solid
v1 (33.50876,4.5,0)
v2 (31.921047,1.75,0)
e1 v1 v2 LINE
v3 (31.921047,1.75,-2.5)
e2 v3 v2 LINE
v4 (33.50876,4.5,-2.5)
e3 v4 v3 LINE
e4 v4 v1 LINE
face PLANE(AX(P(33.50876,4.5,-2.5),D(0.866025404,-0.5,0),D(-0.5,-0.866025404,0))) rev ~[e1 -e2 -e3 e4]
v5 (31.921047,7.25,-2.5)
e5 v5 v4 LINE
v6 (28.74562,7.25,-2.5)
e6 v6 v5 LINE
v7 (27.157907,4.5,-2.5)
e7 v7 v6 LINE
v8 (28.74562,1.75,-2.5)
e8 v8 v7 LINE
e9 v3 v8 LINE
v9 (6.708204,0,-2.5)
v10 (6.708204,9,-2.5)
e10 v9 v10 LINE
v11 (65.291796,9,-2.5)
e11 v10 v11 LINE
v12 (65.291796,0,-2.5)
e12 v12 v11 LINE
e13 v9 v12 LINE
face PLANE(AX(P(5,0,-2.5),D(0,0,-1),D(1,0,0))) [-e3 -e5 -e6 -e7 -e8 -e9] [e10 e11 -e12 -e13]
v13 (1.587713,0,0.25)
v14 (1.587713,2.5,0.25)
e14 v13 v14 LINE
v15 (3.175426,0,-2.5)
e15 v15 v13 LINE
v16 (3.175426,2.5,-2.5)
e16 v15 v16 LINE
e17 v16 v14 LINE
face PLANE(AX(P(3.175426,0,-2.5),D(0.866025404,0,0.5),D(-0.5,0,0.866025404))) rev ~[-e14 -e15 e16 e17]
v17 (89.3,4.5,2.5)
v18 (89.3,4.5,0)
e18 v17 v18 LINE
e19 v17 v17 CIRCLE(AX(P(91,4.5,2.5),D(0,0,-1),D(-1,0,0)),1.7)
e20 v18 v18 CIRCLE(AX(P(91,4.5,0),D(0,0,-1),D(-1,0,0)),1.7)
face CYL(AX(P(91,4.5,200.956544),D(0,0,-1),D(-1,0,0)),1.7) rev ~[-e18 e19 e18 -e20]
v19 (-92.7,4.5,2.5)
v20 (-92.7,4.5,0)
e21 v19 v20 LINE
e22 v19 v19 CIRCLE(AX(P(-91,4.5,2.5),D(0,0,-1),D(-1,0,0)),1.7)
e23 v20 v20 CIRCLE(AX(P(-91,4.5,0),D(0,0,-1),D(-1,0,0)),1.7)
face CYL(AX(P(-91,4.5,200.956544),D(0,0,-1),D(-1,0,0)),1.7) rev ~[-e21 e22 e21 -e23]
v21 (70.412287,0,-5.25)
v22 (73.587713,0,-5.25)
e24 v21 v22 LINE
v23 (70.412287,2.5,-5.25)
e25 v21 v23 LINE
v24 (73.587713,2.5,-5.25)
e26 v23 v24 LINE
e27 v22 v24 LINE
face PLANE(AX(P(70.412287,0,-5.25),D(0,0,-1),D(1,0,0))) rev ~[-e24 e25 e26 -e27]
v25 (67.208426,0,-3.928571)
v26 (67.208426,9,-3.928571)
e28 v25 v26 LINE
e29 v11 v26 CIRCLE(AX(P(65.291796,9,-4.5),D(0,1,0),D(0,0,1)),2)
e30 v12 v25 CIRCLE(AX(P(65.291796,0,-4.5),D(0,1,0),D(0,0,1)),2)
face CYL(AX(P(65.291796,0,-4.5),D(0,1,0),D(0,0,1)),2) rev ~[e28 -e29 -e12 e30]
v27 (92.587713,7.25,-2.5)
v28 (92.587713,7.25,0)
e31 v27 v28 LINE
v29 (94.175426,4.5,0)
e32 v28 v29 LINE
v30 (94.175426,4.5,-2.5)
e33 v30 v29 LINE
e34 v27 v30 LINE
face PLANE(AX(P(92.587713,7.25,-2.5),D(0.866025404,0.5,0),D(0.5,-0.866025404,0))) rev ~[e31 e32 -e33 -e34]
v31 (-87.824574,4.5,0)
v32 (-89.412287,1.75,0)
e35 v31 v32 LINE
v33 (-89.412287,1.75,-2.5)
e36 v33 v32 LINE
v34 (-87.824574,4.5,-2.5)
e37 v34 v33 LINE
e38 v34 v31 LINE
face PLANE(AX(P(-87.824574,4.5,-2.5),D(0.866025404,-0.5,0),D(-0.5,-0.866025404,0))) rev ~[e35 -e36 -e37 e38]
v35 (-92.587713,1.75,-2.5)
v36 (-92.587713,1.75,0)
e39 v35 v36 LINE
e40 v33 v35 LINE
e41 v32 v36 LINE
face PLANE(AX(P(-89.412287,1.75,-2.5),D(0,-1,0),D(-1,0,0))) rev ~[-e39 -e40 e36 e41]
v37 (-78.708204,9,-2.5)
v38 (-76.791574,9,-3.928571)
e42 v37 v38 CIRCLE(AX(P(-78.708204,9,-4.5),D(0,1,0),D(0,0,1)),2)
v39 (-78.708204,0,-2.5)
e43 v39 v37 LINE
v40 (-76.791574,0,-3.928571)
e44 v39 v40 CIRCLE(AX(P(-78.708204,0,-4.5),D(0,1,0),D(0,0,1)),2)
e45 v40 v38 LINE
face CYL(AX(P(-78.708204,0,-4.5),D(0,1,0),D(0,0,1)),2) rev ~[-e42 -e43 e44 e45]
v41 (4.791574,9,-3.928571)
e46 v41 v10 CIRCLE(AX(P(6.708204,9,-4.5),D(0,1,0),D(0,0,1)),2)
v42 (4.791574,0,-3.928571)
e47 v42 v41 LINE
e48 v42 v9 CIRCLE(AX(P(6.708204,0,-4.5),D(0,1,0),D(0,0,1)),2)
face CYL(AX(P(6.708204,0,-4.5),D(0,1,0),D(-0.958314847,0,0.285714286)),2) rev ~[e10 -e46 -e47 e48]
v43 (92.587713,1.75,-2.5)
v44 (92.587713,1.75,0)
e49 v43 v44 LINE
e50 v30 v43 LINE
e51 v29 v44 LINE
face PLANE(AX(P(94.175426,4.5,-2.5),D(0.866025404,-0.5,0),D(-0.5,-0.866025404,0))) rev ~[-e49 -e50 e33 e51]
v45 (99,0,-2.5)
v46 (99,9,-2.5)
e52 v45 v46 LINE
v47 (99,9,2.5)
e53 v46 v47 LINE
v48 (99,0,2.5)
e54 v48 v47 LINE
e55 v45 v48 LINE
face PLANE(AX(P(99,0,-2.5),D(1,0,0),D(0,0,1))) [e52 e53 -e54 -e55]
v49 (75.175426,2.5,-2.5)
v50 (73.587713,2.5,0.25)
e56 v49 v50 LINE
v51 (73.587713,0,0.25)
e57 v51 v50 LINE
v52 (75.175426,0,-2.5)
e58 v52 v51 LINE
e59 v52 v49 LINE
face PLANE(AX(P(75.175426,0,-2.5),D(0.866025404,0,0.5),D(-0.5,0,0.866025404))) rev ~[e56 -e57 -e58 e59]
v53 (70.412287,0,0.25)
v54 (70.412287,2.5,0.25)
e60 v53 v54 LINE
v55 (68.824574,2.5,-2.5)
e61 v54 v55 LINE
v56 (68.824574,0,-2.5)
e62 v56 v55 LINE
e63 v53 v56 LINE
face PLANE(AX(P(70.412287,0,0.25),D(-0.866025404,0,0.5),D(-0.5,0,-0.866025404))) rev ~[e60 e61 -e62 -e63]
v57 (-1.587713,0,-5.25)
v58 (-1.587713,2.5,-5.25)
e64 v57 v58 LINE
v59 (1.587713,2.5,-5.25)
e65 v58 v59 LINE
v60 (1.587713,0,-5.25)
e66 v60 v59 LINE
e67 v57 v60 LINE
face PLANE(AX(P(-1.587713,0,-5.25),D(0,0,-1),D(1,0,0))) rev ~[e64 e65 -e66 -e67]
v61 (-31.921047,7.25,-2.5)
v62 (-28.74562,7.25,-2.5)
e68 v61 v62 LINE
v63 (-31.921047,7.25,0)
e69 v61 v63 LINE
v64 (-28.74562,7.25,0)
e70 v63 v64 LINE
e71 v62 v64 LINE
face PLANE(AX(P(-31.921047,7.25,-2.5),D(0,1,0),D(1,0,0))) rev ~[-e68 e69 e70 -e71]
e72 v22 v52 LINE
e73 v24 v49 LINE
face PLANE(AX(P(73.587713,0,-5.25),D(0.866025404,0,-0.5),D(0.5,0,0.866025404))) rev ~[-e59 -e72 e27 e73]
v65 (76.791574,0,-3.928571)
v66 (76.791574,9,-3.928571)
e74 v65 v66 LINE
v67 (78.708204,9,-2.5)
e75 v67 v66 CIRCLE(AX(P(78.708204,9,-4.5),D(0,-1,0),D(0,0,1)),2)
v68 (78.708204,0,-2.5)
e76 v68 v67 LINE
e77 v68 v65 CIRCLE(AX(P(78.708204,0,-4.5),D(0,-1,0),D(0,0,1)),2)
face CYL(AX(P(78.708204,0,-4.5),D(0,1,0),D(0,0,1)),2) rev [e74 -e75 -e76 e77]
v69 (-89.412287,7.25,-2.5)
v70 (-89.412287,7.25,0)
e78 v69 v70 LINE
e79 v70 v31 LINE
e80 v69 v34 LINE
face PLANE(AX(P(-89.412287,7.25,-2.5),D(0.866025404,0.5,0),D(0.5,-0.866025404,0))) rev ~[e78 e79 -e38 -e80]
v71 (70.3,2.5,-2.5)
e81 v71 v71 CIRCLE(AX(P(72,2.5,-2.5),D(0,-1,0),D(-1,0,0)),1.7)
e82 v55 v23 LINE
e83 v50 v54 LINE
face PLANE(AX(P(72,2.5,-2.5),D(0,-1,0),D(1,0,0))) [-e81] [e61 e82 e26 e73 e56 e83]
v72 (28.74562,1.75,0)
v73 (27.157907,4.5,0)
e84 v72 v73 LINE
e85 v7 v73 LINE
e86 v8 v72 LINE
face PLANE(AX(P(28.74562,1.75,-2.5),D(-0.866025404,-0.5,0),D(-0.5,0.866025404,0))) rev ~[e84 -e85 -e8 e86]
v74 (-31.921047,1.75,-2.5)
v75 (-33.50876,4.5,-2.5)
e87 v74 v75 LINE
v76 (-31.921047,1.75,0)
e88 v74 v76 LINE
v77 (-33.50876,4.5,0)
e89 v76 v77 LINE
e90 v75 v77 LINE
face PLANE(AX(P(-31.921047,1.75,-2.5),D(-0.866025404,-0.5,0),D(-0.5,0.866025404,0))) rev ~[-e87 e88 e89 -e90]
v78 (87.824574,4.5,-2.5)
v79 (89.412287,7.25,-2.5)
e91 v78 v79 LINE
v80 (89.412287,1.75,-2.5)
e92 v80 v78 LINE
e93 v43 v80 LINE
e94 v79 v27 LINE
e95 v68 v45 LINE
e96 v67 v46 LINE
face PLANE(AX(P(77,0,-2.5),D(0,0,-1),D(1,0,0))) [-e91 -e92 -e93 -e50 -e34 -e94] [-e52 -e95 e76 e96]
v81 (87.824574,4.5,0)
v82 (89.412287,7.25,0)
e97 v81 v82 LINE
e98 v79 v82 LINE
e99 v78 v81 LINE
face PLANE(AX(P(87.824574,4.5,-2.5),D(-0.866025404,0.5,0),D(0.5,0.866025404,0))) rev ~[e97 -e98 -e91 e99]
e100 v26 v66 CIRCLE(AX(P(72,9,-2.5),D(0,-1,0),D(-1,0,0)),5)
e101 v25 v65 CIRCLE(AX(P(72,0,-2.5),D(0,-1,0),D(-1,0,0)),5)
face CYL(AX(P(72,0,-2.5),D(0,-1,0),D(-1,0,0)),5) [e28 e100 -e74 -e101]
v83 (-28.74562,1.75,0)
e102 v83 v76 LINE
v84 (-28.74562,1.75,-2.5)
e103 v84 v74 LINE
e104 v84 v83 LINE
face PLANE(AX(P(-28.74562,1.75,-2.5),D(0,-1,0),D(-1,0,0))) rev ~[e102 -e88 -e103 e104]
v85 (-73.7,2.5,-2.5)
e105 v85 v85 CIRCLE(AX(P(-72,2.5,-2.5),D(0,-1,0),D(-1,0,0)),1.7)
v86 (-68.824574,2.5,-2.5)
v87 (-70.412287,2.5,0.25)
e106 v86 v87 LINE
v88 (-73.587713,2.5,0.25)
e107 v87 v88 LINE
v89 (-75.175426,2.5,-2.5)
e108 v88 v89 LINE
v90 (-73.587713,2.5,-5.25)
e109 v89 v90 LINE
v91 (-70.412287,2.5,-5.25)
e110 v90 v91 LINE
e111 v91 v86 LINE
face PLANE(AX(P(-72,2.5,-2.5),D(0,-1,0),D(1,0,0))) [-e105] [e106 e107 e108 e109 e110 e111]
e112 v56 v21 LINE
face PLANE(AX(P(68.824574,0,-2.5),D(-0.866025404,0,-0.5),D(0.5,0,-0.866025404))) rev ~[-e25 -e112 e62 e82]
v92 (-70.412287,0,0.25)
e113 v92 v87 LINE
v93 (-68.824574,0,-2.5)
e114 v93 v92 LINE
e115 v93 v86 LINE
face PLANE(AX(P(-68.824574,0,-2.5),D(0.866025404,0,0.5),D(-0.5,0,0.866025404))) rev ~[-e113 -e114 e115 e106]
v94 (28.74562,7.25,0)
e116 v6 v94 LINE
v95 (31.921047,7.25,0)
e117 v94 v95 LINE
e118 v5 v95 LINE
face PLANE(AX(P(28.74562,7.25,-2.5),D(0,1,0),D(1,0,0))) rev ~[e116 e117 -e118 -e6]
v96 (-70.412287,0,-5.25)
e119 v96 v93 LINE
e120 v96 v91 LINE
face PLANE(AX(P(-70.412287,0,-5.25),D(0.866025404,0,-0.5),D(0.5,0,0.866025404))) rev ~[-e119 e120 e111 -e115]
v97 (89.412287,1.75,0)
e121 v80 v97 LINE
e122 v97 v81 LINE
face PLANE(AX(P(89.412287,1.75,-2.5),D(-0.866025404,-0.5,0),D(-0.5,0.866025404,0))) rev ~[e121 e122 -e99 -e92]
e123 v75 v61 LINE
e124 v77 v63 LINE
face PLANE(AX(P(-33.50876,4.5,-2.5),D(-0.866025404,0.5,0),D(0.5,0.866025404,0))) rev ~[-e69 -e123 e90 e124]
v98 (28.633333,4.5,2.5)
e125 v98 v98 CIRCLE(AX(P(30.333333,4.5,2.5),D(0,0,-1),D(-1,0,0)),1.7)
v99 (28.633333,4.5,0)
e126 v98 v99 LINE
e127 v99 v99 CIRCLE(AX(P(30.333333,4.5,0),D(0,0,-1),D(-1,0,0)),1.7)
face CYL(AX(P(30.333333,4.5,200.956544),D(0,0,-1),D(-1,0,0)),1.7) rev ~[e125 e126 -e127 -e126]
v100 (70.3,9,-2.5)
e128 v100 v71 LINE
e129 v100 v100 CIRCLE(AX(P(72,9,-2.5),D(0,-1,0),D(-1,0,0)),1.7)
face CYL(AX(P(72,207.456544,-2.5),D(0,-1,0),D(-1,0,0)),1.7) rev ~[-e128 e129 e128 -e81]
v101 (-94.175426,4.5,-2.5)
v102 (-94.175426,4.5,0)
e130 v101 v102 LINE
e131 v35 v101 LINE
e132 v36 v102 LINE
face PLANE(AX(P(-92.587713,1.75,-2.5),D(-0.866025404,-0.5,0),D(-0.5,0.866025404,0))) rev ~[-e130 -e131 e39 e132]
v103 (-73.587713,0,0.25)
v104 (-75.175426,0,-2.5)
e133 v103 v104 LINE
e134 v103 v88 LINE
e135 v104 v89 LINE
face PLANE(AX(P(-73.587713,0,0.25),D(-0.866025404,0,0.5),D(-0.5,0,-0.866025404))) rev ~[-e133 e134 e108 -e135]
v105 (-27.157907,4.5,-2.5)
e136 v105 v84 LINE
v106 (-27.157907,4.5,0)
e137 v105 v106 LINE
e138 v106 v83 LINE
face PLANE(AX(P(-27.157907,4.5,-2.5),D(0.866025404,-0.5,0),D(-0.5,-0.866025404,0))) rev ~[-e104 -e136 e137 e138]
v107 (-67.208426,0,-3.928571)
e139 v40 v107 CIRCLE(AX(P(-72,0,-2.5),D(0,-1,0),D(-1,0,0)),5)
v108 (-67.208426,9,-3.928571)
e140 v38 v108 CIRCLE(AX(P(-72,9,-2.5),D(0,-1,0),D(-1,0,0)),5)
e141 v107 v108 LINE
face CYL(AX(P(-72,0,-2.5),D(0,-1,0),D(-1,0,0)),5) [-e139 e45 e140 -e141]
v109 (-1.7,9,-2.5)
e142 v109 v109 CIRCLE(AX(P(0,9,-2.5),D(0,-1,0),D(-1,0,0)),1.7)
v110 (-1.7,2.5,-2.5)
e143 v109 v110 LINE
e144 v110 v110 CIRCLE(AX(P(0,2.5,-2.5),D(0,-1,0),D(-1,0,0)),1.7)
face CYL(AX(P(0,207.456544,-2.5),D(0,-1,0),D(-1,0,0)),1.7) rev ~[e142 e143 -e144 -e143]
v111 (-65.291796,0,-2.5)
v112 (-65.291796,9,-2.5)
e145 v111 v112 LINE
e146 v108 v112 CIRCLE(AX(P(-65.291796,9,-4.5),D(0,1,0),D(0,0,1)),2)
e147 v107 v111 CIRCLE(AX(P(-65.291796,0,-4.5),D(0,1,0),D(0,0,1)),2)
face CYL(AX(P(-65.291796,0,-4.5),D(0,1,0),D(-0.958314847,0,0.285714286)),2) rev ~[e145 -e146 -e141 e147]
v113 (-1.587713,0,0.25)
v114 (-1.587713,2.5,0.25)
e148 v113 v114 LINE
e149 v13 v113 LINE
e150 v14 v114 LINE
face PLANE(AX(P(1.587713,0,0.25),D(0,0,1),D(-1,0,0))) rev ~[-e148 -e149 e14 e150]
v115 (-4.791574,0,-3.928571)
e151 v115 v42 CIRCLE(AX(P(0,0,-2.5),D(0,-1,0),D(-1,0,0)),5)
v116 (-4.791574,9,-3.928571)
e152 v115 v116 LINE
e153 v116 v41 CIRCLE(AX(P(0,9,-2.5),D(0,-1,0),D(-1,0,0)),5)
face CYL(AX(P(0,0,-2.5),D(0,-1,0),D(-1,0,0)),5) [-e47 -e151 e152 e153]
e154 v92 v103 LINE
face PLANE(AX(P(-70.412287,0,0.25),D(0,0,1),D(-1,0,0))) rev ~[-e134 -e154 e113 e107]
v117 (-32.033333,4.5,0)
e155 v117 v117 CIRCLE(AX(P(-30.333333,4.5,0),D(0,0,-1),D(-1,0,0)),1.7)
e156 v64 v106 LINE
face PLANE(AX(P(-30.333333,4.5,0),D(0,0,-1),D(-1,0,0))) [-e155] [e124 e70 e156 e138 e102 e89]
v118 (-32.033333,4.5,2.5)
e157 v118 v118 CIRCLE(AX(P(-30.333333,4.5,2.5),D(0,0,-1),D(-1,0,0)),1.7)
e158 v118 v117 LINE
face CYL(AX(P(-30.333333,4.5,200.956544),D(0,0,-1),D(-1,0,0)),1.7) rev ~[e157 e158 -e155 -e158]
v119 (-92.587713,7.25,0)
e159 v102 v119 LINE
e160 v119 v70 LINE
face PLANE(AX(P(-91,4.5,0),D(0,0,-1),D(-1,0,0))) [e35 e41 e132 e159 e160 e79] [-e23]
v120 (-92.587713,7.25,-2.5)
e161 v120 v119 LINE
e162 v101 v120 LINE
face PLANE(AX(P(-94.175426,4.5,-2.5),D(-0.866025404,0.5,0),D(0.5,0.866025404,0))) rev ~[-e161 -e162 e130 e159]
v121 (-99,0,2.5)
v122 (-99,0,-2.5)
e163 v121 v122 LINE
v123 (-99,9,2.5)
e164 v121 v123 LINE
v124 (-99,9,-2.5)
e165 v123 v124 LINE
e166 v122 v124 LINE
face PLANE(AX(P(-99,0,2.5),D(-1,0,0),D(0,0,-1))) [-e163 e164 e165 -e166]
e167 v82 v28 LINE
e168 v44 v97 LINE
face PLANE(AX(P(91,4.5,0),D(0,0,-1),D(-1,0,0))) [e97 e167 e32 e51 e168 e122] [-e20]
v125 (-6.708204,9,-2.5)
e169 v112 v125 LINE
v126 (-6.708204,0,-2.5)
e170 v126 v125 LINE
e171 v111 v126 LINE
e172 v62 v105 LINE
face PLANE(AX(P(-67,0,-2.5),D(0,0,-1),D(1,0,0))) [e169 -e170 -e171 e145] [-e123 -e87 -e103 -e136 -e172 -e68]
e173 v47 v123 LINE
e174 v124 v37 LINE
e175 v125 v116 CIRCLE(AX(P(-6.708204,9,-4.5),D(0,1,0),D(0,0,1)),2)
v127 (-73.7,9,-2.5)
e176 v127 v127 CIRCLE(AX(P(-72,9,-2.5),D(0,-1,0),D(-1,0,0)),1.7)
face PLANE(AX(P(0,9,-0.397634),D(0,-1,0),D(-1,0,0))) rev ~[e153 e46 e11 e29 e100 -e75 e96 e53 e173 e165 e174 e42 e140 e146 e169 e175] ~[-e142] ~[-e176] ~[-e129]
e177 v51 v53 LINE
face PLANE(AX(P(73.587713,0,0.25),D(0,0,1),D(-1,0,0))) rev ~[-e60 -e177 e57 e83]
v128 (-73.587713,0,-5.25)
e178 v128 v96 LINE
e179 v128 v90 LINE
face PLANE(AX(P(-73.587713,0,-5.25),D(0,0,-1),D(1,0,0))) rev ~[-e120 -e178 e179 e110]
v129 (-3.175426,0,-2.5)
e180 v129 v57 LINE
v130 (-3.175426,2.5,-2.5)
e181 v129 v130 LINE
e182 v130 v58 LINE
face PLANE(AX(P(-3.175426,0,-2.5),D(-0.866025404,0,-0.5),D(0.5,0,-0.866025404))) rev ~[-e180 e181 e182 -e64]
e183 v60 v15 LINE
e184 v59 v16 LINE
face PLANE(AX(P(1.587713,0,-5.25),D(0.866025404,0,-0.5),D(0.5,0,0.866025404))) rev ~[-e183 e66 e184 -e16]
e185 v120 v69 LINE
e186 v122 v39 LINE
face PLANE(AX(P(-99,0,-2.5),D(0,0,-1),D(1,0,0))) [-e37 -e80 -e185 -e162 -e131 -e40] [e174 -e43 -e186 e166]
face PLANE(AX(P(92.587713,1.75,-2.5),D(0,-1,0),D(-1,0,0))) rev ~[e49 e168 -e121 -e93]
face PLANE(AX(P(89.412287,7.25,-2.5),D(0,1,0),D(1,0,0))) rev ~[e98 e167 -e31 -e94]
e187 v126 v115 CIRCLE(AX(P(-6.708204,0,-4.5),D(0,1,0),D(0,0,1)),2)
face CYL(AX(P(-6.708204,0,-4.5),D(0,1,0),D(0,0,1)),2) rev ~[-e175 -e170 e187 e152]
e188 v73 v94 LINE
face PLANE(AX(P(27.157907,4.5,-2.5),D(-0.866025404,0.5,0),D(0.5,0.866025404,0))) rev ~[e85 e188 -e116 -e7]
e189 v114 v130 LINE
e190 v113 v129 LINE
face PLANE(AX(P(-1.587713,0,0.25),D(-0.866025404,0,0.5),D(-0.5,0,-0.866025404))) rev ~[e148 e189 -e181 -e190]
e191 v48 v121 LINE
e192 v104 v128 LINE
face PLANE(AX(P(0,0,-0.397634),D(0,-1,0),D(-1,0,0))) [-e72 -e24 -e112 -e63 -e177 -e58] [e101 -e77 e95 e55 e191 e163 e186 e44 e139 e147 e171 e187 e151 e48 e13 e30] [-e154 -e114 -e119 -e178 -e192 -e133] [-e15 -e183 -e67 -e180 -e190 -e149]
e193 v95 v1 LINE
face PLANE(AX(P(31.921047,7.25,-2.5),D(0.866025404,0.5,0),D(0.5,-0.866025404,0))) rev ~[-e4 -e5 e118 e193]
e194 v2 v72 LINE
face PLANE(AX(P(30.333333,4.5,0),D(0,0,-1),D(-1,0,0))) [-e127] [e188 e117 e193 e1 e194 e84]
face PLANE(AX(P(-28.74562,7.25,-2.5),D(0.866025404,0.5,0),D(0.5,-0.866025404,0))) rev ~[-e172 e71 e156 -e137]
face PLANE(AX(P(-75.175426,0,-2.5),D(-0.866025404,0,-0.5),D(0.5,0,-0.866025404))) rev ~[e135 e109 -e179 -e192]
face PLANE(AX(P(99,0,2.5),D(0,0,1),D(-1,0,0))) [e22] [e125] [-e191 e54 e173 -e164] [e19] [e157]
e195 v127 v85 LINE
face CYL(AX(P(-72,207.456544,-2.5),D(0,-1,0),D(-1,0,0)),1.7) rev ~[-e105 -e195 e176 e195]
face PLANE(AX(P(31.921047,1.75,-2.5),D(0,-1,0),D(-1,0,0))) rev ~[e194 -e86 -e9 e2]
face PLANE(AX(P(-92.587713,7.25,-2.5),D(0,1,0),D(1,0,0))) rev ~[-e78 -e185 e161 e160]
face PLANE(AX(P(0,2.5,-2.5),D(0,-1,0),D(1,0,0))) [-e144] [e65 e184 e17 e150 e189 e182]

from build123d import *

# Parameters (mm, degrees)
BOSS_EXTRU_1_DEPTH      = 9
D_GAGEMENT_M31_D        = 3.4
ENL_V_MAT_EXTRU_1_DEPTH = 2.5
D_GAGEMENT_M32_D        = 3.4
ENL_V_MAT_EXTRU_2_DEPTH = 2.5
CONG_1_R                = 2


with BuildPart() as part:
    # Esquisse1 → Boss.-Extru.1 (new body)
    with BuildSketch(Plane(origin=(0, 0, 0), x_dir=(1, 0, 0), z_dir=(0, 1, 0))):
        with BuildLine():
            Line((-99, 2.5), (-77, 2.5))
            ThreePointArc((-77, 2.5), (-72, 7.5), (-67, 2.5))
            Line((-67, 2.5), (-5, 2.5))
            ThreePointArc((-5, 2.5), (0, 7.5), (5, 2.5))
            Line((5, 2.5), (67, 2.5))
            ThreePointArc((67, 2.5), (72, 7.5), (77, 2.5))
            Line((77, 2.5), (99, 2.5))
            Line((99, 2.5), (99, -2.5))
            Line((99, -2.5), (-99, -2.5))
            Line((-99, -2.5), (-99, 2.5))
        make_face()
    extrude(amount=BOSS_EXTRU_1_DEPTH)

    # Dégagement M31 (through all)
    with Locations(Plane(origin=(0, 9, 0), x_dir=(1, 0, 0), z_dir=(0, 1, 0))):
        with Locations((-72, 2.5), (0, 2.5), (72, 2.5)):
            Hole(D_GAGEMENT_M31_D / 2)

    # Esquisse5 → Enlèv. mat.-Extru.1 (cut)
    with BuildSketch(Plane.XZ):
        Polygon((70.41228676, -5.25), (73.58771324, -5.25), (75.175426481, -2.5), (73.58771324, 0.25), (70.41228676, 0.25), (68.824573519, -2.5), align=None)
        Polygon((-1.58771324, -5.25), (1.58771324, -5.25), (3.175426481, -2.5), (1.58771324, 0.25), (-1.58771324, 0.25), (-3.175426481, -2.5), align=None)
        Polygon((-73.58771324, -5.25), (-70.41228676, -5.25), (-68.824573519, -2.5), (-70.41228676, 0.25), (-73.58771324, 0.25), (-75.175426481, -2.5), align=None)
    extrude(amount=-ENL_V_MAT_EXTRU_1_DEPTH, mode=Mode.SUBTRACT)

    # Dégagement M32 (through all)
    with Locations(Plane.XY.offset(2.5)):
        with Locations((-91, 4.5), (-30.333333333, 4.5), (30.333333333, 4.5), (91, 4.5)):
            Hole(D_GAGEMENT_M32_D / 2)

    # Esquisse9 → Enlèv. mat.-Extru.2 (cut)
    with BuildSketch(Plane(origin=(0, 0, -2.5), x_dir=(-1, 0, 0), z_dir=(0, 0, -1))):
        Polygon((-89.41228676, 7.25), (-92.58771324, 7.25), (-94.175426481, 4.5), (-92.58771324, 1.75), (-89.41228676, 1.75), (-87.824573519, 4.5), align=None)
        Polygon((-28.745620093, 7.25), (-31.921046574, 7.25), (-33.508759814, 4.5), (-31.921046574, 1.75), (-28.745620093, 1.75), (-27.157906853, 4.5), align=None)
        Polygon((31.921046574, 7.25), (28.745620093, 7.25), (27.157906853, 4.5), (28.745620093, 1.75), (31.921046574, 1.75), (33.508759814, 4.5), align=None)
        Polygon((92.58771324, 7.25), (89.41228676, 7.25), (87.824573519, 4.5), (89.41228676, 1.75), (92.58771324, 1.75), (94.175426481, 4.5), align=None)
    extrude(amount=-ENL_V_MAT_EXTRU_2_DEPTH, mode=Mode.SUBTRACT)

    # Congé1
    cong_1_edges = [part.edges().sort_by_distance(p)[0] for p in [
        (-77, 4.5, -2.5),
        (-67, 4.5, -2.5),
        (-5, 4.5, -2.5),
        (5, 4.5, -2.5),
        (67, 4.5, -2.5),
        (77, 4.5, -2.5),
    ]]
    fillet(cong_1_edges, radius=CONG_1_R)


solid = part.part
